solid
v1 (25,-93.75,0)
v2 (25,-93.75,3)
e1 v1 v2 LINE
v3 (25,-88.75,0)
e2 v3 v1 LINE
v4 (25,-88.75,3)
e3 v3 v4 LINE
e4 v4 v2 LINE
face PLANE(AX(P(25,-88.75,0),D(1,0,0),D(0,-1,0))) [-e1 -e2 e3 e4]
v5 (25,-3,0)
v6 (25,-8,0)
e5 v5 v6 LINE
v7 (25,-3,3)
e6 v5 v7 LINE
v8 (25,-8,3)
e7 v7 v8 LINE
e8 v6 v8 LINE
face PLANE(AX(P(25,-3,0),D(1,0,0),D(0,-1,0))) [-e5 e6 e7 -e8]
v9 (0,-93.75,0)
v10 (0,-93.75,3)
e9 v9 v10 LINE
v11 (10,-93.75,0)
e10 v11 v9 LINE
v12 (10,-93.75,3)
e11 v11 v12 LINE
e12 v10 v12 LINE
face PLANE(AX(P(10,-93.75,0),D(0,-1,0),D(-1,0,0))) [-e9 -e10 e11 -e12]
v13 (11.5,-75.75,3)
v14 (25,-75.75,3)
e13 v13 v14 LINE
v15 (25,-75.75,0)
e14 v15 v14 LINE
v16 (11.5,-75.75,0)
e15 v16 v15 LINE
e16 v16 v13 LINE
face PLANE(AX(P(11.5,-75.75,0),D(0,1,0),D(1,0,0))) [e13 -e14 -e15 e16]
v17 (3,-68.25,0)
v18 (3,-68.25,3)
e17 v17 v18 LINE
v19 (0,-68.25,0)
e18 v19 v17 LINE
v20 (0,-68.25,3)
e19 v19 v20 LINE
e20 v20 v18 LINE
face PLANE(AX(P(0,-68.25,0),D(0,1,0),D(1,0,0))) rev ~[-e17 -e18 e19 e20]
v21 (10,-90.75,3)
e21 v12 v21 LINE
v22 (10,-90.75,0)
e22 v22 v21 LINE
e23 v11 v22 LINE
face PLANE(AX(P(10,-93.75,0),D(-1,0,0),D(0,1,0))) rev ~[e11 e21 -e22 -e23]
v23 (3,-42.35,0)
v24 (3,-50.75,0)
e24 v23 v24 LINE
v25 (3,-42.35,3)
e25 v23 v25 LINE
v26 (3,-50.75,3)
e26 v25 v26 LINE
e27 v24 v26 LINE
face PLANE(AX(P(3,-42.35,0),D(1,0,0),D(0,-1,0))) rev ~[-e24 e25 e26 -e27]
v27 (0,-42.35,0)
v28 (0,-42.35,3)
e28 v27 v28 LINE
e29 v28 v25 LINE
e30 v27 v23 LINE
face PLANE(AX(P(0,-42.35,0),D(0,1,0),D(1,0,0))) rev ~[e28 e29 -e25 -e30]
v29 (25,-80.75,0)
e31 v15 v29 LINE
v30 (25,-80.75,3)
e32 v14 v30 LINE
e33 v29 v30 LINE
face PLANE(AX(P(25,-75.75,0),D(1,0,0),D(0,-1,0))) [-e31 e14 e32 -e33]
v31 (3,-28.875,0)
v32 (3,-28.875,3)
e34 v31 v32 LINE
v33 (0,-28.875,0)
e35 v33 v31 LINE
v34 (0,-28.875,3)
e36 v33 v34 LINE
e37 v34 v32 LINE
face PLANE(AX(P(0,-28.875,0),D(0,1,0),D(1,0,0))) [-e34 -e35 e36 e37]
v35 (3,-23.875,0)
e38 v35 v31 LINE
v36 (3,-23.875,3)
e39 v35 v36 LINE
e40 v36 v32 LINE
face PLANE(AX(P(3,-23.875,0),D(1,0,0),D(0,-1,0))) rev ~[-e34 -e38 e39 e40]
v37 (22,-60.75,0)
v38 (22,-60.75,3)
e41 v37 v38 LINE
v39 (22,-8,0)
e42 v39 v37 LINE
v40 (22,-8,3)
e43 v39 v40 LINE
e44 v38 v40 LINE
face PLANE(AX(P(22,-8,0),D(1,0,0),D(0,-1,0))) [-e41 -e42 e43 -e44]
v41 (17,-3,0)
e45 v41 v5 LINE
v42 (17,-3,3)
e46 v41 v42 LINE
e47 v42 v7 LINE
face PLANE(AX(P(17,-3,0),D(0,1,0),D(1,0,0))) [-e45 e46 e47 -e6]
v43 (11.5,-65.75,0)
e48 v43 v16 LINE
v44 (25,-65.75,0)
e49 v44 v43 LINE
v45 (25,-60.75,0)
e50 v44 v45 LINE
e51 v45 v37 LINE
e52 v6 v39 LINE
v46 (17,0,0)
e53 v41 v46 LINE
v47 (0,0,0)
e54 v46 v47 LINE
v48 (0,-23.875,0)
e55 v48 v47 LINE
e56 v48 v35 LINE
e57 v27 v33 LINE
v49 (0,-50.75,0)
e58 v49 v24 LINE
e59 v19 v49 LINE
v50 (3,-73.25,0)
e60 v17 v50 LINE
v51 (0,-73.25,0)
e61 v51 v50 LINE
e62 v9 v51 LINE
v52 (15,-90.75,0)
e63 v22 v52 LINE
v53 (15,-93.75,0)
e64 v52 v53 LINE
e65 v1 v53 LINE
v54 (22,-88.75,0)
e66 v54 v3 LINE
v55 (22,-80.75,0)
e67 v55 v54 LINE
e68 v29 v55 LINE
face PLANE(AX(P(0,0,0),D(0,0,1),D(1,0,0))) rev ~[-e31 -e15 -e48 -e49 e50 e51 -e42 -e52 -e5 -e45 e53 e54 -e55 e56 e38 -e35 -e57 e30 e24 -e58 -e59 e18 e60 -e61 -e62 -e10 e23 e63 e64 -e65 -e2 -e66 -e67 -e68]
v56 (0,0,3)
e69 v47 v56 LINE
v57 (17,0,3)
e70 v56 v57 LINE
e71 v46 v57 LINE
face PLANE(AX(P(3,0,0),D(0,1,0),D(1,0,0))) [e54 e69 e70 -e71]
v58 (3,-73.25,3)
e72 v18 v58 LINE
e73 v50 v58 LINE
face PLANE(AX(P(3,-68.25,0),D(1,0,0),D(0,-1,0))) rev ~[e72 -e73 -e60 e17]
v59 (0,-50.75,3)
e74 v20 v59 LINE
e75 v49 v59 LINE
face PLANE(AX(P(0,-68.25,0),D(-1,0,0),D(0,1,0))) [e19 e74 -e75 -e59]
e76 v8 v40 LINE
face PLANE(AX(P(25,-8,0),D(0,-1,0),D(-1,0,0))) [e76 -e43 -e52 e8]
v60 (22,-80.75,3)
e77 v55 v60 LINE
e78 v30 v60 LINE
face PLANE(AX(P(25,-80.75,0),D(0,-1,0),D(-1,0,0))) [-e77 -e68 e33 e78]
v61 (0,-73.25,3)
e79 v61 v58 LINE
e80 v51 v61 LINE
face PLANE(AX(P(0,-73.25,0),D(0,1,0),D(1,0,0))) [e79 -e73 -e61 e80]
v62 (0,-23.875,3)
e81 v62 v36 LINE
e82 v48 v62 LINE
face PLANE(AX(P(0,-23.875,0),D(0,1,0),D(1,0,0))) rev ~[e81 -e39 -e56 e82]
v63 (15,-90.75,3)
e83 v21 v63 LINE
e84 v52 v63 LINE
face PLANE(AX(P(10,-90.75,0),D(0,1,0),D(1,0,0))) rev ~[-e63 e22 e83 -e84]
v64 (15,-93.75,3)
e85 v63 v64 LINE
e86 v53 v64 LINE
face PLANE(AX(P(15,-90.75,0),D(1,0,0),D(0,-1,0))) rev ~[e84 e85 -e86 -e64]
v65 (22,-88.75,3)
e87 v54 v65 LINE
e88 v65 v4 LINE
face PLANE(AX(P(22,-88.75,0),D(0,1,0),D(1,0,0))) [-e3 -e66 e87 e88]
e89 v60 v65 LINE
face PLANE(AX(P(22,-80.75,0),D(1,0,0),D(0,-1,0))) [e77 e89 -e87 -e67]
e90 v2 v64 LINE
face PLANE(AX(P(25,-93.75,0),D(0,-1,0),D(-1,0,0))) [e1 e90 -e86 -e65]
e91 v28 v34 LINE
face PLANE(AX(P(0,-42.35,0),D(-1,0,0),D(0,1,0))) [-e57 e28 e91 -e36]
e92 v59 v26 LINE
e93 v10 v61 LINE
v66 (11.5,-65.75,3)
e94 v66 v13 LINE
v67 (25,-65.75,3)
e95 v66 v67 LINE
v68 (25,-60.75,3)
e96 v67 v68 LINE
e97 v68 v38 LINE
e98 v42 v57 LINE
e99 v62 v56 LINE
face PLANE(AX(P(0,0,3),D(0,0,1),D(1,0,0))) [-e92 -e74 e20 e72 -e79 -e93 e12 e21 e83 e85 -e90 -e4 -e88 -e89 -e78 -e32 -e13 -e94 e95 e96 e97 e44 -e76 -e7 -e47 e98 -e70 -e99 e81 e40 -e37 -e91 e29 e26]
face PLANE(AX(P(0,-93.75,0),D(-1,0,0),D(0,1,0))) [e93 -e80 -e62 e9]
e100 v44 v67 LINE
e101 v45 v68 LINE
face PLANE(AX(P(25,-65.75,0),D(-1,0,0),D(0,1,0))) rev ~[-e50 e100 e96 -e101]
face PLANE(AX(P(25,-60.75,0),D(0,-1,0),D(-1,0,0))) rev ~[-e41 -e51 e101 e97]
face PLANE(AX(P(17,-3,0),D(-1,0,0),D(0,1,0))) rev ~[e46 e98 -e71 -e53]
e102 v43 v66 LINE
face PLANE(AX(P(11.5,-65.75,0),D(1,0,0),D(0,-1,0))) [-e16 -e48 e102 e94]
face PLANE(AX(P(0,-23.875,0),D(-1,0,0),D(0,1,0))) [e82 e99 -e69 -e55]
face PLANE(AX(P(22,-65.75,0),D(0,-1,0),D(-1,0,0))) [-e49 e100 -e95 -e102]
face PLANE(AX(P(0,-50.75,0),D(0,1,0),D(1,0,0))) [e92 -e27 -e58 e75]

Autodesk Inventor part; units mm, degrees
ref_plane "YZ Plane" through (0, 0, 0) normal (1, 0, 0) x (0, 1, 0)
ref_plane "XZ Plane" through (0, 0, 0) normal (0, 1, 0) x (-1, 0, 0)
ref_plane "XY Plane" through (0, 0, 0) normal (0, 0, 1) x (1, 0, 0)
sketch "Sketch1" plane through (0, 0, 0) normal (0, 0, 1) x (1, 0, 0)
  line L0 (3, 0) -> (3, -23.875) projected
  line L1 (0, 0) -> (3, 0) projected
  line L2 (0, -23.875) -> (0, 0) projected
  line L3 (0, -23.875) -> (3, -23.875) projected
  line L4 (3, -23.875) -> (3, -28.875) projected
  line L5 (3, -28.875) -> (3, -42.35) projected
  line L6 (0, -28.875) -> (3, -28.875) projected
  line L7 (0, -42.35) -> (0, -28.875) projected
  line L8 (0, -42.35) -> (3, -42.35) projected
  line L9 (3, -42.35) -> (3, -50.75) projected
  line L10 (3, -50.75) -> (3, -68.25) projected
  line L11 (0, -50.75) -> (3, -50.75) projected
  line L12 (0, -68.25) -> (0, -50.75) projected
  line L13 (0, -68.25) -> (3, -68.25) projected
  line L14 (3, -73.25) -> (3, -93.75) projected
  line L15 (0, -73.25) -> (3, -73.25) projected
  line L16 (0, -93.75) -> (0, -73.25) projected
  line L17 (0, -93.75) -> (3, -93.75) projected
  line L18 (3, -68.25) -> (3, -73.25) projected
  line L19 (10, -93.75) -> (0, -93.75) projected
  line L20 (10, -93.75) -> (10, -90.75) projected
  line L21 (10, -90.75) -> (15, -90.75) projected
  line L22 (15, -90.75) -> (15, -93.75) projected
  line L23 (25, -93.75) -> (15, -93.75) projected
  line L24 (25, -88.75) -> (25, -93.75) projected
  line L25 (22, -88.75) -> (25, -88.75) projected
  line L26 (22, -80.75) -> (22, -88.75) projected
  line L27 (25, -80.75) -> (22, -80.75) projected
  line L28 (25, -75.75) -> (25, -80.75) projected
  line L29 (11.5, -75.75) -> (25, -75.75) projected
  line L30 (11.5, -65.75) -> (11.5, -75.75) projected
  line L31 (22, -65.75) -> (11.5, -65.75) projected
  line L32 (22, -55.75) -> (22, -65.75) projected
  line L33 (22, -8) -> (22, -45.75) projected
  line L34 (25, -8) -> (22, -8) projected
  line L35 (25, -3) -> (25, -8) projected
  line L36 (17, -3) -> (25, -3) projected
  line L37 (17, -3) -> (17, 0) projected
  line L38 (0, 0) -> (17, 0) projected
  line L39 (22, -45.75) -> (22, -55.75)
  line L40 (22, -65.75) -> (25, -65.75)
  line L41 (25, -65.75) -> (25, -60.75)
  line L42 (25, -60.75) -> (22, -60.75)
  line L43 (22, -60.75) -> (22, -65.75)
  dimension "d0" = 3
  dimension "d1" = 5
extrude "Extrusion1" add sketch "Sketch1" along normal blind 3
properties part number "SideRightNM" material "Acrylic, Clear"
